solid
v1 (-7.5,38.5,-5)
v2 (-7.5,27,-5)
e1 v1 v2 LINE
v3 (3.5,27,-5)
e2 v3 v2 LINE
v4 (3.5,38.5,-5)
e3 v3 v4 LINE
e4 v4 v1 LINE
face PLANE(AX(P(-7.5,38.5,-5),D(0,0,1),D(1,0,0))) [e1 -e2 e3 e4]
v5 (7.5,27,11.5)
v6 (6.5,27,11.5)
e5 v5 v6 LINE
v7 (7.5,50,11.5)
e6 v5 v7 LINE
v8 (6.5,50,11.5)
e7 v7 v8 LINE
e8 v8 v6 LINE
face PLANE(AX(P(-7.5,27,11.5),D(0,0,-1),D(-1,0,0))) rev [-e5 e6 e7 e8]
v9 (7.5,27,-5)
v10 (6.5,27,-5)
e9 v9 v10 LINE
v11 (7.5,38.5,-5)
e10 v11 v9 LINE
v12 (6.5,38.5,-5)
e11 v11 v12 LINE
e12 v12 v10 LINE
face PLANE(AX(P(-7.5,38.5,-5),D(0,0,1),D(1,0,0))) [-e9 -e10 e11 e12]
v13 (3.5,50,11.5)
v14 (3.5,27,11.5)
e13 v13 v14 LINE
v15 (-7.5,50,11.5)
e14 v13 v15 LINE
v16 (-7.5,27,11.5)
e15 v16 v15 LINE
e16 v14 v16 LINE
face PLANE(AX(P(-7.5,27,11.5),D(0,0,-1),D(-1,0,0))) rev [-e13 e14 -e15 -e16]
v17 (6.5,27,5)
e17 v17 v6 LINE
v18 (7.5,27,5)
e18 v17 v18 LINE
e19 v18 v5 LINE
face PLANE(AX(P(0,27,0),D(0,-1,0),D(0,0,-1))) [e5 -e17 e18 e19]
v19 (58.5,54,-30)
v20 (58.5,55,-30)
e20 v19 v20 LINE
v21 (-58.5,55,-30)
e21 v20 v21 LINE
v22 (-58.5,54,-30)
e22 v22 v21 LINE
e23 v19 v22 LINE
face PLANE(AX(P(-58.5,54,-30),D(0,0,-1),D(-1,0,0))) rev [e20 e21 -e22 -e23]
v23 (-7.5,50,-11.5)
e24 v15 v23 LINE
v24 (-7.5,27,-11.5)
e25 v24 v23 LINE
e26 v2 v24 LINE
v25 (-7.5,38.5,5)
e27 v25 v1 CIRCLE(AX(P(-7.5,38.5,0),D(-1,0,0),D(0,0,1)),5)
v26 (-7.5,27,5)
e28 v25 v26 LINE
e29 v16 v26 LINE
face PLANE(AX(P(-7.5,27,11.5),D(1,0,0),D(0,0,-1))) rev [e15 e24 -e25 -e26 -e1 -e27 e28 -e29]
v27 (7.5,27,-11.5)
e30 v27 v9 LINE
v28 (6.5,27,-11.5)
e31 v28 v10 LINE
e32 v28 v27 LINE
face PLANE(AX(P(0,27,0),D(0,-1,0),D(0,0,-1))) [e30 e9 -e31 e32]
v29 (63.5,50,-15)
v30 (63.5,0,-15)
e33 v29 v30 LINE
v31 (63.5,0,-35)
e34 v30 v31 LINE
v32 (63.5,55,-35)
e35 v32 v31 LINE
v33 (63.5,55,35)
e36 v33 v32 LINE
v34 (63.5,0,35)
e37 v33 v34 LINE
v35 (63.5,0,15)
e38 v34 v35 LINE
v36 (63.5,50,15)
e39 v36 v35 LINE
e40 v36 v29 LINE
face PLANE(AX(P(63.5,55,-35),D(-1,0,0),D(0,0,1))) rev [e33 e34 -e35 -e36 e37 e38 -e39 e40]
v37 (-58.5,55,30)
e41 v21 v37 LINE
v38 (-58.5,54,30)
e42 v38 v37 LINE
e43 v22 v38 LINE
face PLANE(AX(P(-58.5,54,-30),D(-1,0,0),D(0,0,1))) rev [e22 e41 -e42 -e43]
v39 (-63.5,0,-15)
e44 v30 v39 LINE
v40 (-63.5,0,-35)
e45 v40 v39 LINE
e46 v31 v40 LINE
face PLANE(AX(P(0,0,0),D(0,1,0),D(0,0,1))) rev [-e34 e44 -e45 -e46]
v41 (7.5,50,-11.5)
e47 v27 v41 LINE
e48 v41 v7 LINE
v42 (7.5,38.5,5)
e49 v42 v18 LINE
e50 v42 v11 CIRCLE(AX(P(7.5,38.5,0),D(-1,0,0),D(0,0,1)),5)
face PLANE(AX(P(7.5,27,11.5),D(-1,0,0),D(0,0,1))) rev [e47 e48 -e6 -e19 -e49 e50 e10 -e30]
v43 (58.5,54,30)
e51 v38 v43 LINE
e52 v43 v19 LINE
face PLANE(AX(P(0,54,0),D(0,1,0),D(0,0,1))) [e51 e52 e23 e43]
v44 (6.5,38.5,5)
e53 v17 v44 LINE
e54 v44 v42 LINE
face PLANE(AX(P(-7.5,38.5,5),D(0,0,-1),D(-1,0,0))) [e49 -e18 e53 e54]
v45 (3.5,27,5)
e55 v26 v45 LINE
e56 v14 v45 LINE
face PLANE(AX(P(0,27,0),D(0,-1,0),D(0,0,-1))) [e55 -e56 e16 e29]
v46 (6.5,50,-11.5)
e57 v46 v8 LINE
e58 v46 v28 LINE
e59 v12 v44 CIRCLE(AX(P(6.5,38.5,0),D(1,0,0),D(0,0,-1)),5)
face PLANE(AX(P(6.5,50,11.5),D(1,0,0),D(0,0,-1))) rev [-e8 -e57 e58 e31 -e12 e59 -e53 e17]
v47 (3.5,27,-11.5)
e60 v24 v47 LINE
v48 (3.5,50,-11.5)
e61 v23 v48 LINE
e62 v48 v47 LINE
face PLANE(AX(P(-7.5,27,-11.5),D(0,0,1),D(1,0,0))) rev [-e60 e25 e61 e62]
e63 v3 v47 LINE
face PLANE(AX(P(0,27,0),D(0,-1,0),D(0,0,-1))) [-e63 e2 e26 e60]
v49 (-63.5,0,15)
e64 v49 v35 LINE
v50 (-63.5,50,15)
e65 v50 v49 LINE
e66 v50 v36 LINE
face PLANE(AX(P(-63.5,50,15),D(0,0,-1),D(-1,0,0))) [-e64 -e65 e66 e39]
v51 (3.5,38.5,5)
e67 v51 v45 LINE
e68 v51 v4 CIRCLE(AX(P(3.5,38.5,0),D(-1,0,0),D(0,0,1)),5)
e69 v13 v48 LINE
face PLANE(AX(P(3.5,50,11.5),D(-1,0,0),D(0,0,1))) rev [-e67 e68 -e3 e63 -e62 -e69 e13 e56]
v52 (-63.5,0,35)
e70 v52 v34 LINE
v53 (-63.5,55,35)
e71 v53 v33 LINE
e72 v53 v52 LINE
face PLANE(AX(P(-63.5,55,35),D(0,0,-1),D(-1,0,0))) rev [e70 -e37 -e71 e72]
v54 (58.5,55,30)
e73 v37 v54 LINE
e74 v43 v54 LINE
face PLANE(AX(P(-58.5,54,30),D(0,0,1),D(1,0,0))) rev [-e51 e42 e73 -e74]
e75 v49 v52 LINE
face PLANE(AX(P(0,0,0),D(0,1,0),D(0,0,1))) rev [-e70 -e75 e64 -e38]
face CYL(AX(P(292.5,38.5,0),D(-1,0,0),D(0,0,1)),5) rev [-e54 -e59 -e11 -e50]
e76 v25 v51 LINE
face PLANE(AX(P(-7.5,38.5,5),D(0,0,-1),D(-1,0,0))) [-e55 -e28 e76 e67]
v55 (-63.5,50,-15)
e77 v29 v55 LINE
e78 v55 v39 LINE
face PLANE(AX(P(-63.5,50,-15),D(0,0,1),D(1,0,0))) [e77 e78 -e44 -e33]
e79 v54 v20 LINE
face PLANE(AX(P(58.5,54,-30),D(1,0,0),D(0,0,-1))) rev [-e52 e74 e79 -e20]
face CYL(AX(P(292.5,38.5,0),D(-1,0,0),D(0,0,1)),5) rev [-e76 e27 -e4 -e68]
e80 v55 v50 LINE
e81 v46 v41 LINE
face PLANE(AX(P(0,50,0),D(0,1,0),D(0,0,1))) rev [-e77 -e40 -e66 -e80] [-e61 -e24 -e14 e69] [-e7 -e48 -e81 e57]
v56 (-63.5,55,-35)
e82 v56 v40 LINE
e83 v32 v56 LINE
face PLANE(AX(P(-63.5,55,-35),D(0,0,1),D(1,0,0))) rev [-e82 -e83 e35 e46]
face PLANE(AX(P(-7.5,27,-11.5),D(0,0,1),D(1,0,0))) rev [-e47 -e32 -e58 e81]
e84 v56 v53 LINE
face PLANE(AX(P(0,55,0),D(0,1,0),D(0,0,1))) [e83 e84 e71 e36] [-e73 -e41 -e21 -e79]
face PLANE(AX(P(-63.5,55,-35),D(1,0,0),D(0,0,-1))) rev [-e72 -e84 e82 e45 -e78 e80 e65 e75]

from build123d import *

# Parameters (mm, degrees)
SKETCH2_W           = 127
SKETCH2_H           = 70
BOSS_EXTRUDE1_DEPTH = 55
SKETCH4_W           = 127
SKETCH4_H           = 30
CUT_EXTRUDE1_DEPTH  = 50
SKETCH5_W           = 15
SKETCH5_H           = 23
BOSS_EXTRUDE2_DEPTH = 23
SKETCH6_W           = 3
SKETCH6_H           = 23
CUT_EXTRUDE2_DEPTH  = 23
SKETCH9_W           = 15
SKETCH9_H           = 10
CUT_EXTRUDE3_DEPTH  = 11.5
SKETCH10_W          = 117
SKETCH10_H          = 60
CUT_EXTRUDE4_DEPTH  = 1
SKETCH12_R          = 5
CUT_EXTRUDE5_DEPTH  = 300


with BuildPart() as part:
    # Sketch2 → Boss-Extrude1 (new body)
    with BuildSketch(Plane(origin=(0, 0, 0), x_dir=(1, 0, 0), z_dir=(0, 1, 0))):
        Rectangle(SKETCH2_W, SKETCH2_H)
    extrude(amount=BOSS_EXTRUDE1_DEPTH)

    # Sketch4 → Cut-Extrude1 (cut)
    with BuildSketch(Plane(origin=(0, 0, 0), x_dir=(1, 0, 0), z_dir=(0, 1, 0))):
        Rectangle(SKETCH4_W, SKETCH4_H)
    extrude(amount=CUT_EXTRUDE1_DEPTH, mode=Mode.SUBTRACT)

    # Sketch5 → Boss-Extrude2 (add)
    with BuildSketch(Plane.XZ.offset(-50)):
        Rectangle(SKETCH5_W, SKETCH5_H)
    extrude(amount=BOSS_EXTRUDE2_DEPTH)

    # Sketch6 → Cut-Extrude2 (cut)
    with BuildSketch(Plane.XZ.offset(-27)):
        with Locations((5, 0)):
            Rectangle(SKETCH6_W, SKETCH6_H)
    extrude(amount=-CUT_EXTRUDE2_DEPTH, mode=Mode.SUBTRACT)

    # Sketch9 → Cut-Extrude3 (cut)
    with BuildSketch(Plane(origin=(0, 27, 0), x_dir=(1, 0, 0), z_dir=(0, 1, 0))):
        Rectangle(SKETCH9_W, SKETCH9_H)
    extrude(amount=CUT_EXTRUDE3_DEPTH, mode=Mode.SUBTRACT)

    # Sketch10 → Cut-Extrude4 (cut)
    with BuildSketch(Plane(origin=(0, 55, 0), x_dir=(1, 0, 0), z_dir=(0, 1, 0))):
        Rectangle(SKETCH10_W, SKETCH10_H)
    extrude(amount=-CUT_EXTRUDE4_DEPTH, mode=Mode.SUBTRACT)

    # Sketch12 → Cut-Extrude5 (cut)
    with BuildSketch(Plane.ZY.offset(7.5)):
        with Locations((0, 38.5)):
            Circle(SKETCH12_R)
    extrude(amount=-CUT_EXTRUDE5_DEPTH, mode=Mode.SUBTRACT)


solid = part.part
